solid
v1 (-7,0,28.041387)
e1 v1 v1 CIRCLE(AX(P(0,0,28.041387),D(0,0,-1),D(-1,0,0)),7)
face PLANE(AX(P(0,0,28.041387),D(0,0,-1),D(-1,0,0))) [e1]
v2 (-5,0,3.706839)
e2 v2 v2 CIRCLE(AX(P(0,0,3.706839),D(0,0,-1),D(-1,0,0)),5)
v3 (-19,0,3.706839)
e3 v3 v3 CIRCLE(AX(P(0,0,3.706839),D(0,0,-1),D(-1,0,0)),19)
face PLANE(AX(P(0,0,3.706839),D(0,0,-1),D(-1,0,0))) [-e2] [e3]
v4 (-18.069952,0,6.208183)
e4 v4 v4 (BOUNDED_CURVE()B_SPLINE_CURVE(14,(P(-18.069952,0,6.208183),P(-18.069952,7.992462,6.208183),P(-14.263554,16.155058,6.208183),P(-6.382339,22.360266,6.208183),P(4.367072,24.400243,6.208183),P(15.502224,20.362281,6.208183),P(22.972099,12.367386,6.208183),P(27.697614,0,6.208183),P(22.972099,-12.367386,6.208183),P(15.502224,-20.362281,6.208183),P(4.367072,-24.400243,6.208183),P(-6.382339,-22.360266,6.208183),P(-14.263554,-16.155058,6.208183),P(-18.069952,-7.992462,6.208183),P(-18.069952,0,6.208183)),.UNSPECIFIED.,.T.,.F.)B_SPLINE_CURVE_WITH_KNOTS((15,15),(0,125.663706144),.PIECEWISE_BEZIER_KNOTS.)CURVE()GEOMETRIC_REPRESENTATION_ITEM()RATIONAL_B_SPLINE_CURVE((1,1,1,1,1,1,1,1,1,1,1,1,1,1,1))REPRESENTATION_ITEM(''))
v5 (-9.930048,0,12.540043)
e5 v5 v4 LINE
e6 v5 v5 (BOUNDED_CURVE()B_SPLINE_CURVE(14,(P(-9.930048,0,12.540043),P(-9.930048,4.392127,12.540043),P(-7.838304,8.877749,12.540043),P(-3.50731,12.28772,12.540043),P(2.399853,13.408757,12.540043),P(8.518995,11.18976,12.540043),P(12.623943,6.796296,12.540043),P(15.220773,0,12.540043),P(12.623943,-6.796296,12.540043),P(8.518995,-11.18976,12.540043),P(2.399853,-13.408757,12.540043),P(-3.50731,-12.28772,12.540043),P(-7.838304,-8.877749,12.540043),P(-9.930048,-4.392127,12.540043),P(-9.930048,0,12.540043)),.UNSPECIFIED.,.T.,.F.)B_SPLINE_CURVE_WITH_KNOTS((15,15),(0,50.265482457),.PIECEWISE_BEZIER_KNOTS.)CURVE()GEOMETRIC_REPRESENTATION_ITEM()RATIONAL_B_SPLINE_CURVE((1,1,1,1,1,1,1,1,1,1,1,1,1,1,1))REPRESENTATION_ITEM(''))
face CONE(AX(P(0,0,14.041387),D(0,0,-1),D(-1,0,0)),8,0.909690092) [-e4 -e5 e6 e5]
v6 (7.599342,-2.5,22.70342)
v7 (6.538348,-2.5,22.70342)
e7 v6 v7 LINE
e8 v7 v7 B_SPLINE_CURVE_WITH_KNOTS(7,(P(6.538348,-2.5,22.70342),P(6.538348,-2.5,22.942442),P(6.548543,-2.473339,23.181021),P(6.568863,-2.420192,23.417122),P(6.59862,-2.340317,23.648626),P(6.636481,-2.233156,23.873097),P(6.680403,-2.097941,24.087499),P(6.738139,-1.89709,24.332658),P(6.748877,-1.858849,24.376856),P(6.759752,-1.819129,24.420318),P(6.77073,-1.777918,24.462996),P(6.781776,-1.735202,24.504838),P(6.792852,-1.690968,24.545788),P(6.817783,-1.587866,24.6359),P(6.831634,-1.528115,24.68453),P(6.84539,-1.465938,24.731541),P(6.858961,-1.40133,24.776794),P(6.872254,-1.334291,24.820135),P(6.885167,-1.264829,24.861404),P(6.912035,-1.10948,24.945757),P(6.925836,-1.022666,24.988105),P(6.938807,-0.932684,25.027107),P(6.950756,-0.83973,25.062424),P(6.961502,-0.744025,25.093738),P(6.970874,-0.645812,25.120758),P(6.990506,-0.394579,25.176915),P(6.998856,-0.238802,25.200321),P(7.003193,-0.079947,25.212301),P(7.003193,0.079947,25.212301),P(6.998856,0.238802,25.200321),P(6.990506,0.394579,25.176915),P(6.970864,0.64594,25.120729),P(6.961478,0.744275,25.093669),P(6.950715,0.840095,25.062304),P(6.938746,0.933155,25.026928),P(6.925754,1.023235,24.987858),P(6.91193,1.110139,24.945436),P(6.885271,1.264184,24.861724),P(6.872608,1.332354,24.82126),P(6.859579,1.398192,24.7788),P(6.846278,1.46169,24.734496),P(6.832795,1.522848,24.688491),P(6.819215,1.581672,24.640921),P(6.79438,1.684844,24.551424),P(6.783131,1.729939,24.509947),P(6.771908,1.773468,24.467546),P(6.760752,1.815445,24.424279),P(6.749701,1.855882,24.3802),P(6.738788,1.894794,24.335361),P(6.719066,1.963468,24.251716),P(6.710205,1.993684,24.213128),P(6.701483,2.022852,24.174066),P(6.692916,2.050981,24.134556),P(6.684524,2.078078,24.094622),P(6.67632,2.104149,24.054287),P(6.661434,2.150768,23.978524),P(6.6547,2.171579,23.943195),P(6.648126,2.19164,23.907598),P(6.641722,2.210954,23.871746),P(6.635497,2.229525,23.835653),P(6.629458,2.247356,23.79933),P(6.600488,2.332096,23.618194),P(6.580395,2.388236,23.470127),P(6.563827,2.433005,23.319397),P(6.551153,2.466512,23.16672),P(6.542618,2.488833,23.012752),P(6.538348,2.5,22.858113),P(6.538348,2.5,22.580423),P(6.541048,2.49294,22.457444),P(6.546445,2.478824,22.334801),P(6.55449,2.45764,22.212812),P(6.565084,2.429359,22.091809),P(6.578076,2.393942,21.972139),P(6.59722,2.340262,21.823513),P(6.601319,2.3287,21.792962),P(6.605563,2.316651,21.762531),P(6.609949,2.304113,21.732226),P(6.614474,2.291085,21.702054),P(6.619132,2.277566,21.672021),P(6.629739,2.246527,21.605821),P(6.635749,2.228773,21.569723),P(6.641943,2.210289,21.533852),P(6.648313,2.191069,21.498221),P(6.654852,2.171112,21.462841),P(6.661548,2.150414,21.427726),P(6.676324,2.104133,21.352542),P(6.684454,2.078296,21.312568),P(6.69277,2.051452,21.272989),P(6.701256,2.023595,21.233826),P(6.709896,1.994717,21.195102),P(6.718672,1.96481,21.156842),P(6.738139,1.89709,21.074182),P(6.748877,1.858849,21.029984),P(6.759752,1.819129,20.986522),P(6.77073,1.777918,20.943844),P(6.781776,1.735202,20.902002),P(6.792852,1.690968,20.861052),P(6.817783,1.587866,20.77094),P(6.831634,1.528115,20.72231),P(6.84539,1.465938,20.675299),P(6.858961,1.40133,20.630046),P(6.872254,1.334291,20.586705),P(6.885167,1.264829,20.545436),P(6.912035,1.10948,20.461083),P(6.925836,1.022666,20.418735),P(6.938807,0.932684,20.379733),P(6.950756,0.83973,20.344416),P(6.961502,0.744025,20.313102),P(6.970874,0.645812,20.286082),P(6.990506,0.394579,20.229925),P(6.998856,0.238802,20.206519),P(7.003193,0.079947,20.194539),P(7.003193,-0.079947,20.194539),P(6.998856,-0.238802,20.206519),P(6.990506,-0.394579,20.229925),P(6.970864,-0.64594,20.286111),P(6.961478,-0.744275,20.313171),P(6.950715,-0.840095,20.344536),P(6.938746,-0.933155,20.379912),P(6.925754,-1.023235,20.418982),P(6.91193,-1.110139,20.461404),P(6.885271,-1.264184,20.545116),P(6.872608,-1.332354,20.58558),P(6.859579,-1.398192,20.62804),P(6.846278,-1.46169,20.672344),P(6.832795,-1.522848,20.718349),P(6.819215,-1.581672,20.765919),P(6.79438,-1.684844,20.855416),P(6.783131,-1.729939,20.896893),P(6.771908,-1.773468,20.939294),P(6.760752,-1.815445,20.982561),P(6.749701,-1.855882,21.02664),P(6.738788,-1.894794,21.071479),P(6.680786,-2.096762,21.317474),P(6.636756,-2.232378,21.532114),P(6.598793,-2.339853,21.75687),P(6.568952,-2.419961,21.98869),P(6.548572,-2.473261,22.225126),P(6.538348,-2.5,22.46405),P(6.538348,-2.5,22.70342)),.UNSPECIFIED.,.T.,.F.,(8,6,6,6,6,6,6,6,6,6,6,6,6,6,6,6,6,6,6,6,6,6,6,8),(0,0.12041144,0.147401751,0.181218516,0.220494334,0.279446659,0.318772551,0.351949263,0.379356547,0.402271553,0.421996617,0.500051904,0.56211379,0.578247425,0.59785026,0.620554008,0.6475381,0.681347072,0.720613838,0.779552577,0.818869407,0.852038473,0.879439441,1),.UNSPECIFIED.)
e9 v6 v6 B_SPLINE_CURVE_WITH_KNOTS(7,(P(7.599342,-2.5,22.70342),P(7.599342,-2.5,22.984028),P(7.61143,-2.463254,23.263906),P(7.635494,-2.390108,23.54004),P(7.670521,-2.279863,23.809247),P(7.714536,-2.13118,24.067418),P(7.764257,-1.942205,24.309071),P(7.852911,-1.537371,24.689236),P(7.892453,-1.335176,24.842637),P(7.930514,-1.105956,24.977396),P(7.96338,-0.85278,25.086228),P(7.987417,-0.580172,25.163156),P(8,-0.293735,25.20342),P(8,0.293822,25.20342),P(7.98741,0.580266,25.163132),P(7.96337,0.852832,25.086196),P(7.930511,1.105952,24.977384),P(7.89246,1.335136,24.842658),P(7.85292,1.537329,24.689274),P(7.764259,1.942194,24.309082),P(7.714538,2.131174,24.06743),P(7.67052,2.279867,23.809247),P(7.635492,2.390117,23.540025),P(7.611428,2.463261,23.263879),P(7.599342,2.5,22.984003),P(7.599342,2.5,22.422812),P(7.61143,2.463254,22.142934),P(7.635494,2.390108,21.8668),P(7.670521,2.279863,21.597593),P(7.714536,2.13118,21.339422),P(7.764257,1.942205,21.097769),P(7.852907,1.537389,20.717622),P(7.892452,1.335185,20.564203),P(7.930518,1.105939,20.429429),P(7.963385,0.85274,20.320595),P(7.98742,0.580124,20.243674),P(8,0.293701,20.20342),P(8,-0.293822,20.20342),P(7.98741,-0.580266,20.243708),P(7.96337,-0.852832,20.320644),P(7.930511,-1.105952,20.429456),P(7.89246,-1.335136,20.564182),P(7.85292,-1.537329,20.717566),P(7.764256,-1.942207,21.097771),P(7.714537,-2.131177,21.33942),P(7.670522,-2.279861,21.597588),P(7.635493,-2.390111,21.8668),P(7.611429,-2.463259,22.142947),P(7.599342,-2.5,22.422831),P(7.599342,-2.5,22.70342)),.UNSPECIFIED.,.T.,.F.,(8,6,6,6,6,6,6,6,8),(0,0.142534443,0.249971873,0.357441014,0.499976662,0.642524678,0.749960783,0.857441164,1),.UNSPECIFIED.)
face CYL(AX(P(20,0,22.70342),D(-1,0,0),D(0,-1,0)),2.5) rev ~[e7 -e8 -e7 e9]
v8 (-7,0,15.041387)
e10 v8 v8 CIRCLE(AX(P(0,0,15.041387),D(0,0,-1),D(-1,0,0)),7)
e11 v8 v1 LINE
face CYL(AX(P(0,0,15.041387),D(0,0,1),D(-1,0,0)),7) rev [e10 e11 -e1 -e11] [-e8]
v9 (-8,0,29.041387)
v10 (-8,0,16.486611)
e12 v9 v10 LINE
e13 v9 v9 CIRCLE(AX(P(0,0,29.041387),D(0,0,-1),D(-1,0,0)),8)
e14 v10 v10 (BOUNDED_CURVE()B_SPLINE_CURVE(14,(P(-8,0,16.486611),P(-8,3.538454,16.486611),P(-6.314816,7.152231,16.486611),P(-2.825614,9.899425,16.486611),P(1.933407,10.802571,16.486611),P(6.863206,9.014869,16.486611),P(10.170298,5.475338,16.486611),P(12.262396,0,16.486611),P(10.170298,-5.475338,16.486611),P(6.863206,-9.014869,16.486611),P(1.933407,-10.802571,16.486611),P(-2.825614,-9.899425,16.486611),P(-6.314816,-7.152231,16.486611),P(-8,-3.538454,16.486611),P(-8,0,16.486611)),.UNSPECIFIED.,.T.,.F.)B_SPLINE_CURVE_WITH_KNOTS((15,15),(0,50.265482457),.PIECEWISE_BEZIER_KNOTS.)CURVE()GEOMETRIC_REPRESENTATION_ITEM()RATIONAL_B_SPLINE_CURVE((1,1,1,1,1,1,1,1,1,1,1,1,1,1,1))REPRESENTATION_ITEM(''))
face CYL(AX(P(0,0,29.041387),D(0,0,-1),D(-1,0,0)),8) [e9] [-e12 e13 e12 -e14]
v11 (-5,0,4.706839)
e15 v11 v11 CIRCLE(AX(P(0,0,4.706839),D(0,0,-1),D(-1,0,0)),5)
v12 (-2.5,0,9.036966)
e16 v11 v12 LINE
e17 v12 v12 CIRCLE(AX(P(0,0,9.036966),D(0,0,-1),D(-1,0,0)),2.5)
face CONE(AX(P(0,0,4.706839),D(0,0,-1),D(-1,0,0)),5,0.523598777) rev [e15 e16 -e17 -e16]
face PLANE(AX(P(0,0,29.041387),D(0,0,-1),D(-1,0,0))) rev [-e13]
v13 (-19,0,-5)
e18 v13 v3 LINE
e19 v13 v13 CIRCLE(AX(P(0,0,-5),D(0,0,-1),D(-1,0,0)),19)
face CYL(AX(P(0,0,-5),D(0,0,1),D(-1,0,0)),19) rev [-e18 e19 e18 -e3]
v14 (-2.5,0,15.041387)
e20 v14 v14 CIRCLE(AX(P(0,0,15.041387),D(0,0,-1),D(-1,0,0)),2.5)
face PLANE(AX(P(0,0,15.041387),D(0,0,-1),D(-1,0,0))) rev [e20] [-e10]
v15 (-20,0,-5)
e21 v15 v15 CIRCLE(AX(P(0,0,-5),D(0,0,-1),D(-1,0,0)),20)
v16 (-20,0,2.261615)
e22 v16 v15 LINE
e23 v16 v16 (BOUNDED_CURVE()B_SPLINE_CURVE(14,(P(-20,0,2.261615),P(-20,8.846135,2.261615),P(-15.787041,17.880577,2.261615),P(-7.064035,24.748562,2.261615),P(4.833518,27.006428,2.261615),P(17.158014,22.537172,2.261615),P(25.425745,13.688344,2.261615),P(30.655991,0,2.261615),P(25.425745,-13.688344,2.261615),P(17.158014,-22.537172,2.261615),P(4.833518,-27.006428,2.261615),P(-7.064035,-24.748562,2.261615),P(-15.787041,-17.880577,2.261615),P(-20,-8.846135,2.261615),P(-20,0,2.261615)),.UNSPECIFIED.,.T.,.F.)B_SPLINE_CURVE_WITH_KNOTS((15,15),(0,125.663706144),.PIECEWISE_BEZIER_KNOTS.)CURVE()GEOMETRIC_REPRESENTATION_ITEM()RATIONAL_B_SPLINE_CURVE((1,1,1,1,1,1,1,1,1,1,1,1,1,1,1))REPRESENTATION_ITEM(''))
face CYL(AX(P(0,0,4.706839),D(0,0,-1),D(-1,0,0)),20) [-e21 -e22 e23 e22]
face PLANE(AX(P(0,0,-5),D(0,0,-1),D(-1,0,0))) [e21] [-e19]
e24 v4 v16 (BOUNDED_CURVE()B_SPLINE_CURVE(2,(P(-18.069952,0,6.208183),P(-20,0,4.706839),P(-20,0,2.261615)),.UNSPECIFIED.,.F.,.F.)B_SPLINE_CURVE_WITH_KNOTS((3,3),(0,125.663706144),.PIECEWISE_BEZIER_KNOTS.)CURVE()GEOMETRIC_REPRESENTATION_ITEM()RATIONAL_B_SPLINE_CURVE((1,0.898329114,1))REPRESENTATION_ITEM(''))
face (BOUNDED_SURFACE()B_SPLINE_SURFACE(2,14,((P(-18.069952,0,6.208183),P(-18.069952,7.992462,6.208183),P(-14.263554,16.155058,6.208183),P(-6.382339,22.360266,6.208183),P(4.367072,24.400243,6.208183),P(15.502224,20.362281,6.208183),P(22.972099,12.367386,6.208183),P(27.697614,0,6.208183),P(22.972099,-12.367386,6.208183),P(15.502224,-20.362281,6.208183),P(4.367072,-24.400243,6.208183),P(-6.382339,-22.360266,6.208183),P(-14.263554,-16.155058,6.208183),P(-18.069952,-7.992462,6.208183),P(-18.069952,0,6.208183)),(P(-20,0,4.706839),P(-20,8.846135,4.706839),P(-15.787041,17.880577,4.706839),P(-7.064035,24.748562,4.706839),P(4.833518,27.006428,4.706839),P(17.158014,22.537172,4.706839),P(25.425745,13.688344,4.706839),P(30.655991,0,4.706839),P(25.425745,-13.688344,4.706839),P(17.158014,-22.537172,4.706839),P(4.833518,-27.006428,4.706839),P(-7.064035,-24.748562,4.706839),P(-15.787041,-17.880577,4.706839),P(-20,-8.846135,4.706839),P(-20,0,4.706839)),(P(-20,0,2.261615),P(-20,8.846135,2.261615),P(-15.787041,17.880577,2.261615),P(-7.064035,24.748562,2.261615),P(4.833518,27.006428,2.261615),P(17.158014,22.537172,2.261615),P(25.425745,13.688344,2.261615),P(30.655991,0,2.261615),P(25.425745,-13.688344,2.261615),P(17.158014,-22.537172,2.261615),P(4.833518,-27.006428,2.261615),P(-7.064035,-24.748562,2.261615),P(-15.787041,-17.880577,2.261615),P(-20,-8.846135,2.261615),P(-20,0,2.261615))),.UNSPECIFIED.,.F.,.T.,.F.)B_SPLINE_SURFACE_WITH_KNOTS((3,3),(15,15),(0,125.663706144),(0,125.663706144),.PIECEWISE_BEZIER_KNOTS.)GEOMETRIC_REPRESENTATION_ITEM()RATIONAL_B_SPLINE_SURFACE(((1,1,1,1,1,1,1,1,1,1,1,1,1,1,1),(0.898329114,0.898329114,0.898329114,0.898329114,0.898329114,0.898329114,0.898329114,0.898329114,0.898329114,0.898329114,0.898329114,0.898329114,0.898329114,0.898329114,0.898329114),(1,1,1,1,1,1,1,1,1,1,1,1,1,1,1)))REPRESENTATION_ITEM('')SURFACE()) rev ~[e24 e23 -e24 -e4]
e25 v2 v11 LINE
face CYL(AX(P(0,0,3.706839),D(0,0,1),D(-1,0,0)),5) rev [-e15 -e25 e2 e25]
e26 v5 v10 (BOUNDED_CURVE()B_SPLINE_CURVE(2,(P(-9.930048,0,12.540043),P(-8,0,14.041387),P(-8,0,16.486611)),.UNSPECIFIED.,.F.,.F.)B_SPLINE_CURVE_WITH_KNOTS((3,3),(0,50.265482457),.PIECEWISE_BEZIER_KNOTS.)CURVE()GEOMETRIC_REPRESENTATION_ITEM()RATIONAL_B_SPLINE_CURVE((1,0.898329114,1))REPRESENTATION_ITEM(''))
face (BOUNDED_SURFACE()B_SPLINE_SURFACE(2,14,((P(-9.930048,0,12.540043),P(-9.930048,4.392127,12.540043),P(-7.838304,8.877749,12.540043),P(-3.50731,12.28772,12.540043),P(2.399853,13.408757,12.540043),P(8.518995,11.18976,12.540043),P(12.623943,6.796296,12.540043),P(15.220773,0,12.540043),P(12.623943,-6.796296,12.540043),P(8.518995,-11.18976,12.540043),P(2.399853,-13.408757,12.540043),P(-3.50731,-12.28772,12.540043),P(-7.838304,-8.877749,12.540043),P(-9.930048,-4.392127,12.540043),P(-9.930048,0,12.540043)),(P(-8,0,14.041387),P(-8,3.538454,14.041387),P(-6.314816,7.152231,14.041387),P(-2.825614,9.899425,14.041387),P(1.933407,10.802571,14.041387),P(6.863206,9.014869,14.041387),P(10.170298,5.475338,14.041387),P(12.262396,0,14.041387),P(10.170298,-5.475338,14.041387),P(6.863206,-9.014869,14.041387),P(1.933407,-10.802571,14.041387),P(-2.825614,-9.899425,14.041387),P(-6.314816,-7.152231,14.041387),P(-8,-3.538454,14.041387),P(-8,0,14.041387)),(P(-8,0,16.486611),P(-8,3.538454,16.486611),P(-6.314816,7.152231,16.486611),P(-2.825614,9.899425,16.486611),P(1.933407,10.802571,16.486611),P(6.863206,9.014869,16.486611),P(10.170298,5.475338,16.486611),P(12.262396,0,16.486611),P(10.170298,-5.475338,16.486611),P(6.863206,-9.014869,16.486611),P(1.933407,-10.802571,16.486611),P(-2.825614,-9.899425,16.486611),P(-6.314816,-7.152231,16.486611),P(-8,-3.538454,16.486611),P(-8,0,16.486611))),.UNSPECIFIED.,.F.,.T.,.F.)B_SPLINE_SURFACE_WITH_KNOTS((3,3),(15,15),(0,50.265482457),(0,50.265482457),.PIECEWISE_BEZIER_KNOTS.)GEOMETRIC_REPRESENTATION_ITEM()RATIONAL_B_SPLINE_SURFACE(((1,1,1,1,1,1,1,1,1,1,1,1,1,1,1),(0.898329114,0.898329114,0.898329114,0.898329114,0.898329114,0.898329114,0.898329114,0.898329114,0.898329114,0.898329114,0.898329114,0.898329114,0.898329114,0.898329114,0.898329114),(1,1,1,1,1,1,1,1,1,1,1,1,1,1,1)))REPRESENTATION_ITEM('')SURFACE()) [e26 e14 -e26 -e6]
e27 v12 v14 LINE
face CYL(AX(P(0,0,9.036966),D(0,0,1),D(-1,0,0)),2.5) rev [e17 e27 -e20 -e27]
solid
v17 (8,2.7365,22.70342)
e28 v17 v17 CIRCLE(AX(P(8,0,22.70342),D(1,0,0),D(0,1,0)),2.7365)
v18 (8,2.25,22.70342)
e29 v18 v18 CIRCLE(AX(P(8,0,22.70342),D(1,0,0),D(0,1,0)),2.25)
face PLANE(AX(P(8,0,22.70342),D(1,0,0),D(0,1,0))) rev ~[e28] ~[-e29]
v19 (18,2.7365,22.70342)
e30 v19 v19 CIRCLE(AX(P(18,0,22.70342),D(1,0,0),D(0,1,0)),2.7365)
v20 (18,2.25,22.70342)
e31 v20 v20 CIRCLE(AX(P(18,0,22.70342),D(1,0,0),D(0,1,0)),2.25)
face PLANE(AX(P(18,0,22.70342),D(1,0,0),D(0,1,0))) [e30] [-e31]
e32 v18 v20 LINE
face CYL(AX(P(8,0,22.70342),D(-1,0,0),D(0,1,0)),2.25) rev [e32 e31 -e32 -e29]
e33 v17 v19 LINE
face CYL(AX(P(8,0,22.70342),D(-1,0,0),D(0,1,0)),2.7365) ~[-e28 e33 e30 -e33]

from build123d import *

# Parameters (mm, degrees)
F2_R     = 5
F5_D     = 5
F5_DEPTH = 12
F4_R     = 2.7365
F4_R_2   = 2.25
F6_DEPTH = 10
F7_R     = 5


with BuildPart() as f1:
    # F0 (on Front) → F1 (revolve)
    with BuildSketch(Plane.XZ):
        Polygon((-8, 14.041387), (-20, 4.706839), (-6.154701, 4.706839), (-3.07735, 10.036966), (-3.07735, 14.034189), (-3.07735, 14.041387), align=None)
        Polygon((-6.154701, 4.706839), (-20, 4.706839), (-20, -5), (-19, -5), (-19, 3.706839), (-5, 3.706839), (-5, 4.706839), (-2.5, 9.036966), (-2.5, 10.036966), (-2.5, 13.44305), (-2.5, 15.041387), (-7, 15.041387), (-7, 28.041387), (0, 28.041387), (0, 29.041387), (-8, 29.041387), (-8, 14.041387), (-3.07735, 14.041387), (-3.07735, 14.034189), (-3.07735, 10.036966), align=None)
    revolve(axis=Axis((0, 0, 28.541387), (0, 0, -1)))

    # F2
    f2_edges = [f1.edges().sort_by_distance(p)[0] for p in [
        (8, 0, 14.041387),
    ]]
    fillet(f2_edges, radius=F2_R)

    # F5
    with Locations(Plane.YZ.offset(8)):
        with Locations((0, 22.70342)):
            Hole(F5_D / 2, depth=F5_DEPTH)

    # F7
    f7_edges = [f1.edges().sort_by_distance(p)[0] for p in [
        (20, 0, 4.706839),
    ]]
    fillet(f7_edges, radius=F7_R)


with BuildPart() as f6:
    # F4 (on offset) → F6 (new body)
    with BuildSketch(Plane.YZ.offset(8)):
        with Locations((0, 22.70342)):
            Circle(F4_R)
        with Locations((0, 22.70342)):
            Circle(F4_R_2, mode=Mode.SUBTRACT)
    extrude(amount=F6_DEPTH)


solid = Compound([f1.part, f6.part])
